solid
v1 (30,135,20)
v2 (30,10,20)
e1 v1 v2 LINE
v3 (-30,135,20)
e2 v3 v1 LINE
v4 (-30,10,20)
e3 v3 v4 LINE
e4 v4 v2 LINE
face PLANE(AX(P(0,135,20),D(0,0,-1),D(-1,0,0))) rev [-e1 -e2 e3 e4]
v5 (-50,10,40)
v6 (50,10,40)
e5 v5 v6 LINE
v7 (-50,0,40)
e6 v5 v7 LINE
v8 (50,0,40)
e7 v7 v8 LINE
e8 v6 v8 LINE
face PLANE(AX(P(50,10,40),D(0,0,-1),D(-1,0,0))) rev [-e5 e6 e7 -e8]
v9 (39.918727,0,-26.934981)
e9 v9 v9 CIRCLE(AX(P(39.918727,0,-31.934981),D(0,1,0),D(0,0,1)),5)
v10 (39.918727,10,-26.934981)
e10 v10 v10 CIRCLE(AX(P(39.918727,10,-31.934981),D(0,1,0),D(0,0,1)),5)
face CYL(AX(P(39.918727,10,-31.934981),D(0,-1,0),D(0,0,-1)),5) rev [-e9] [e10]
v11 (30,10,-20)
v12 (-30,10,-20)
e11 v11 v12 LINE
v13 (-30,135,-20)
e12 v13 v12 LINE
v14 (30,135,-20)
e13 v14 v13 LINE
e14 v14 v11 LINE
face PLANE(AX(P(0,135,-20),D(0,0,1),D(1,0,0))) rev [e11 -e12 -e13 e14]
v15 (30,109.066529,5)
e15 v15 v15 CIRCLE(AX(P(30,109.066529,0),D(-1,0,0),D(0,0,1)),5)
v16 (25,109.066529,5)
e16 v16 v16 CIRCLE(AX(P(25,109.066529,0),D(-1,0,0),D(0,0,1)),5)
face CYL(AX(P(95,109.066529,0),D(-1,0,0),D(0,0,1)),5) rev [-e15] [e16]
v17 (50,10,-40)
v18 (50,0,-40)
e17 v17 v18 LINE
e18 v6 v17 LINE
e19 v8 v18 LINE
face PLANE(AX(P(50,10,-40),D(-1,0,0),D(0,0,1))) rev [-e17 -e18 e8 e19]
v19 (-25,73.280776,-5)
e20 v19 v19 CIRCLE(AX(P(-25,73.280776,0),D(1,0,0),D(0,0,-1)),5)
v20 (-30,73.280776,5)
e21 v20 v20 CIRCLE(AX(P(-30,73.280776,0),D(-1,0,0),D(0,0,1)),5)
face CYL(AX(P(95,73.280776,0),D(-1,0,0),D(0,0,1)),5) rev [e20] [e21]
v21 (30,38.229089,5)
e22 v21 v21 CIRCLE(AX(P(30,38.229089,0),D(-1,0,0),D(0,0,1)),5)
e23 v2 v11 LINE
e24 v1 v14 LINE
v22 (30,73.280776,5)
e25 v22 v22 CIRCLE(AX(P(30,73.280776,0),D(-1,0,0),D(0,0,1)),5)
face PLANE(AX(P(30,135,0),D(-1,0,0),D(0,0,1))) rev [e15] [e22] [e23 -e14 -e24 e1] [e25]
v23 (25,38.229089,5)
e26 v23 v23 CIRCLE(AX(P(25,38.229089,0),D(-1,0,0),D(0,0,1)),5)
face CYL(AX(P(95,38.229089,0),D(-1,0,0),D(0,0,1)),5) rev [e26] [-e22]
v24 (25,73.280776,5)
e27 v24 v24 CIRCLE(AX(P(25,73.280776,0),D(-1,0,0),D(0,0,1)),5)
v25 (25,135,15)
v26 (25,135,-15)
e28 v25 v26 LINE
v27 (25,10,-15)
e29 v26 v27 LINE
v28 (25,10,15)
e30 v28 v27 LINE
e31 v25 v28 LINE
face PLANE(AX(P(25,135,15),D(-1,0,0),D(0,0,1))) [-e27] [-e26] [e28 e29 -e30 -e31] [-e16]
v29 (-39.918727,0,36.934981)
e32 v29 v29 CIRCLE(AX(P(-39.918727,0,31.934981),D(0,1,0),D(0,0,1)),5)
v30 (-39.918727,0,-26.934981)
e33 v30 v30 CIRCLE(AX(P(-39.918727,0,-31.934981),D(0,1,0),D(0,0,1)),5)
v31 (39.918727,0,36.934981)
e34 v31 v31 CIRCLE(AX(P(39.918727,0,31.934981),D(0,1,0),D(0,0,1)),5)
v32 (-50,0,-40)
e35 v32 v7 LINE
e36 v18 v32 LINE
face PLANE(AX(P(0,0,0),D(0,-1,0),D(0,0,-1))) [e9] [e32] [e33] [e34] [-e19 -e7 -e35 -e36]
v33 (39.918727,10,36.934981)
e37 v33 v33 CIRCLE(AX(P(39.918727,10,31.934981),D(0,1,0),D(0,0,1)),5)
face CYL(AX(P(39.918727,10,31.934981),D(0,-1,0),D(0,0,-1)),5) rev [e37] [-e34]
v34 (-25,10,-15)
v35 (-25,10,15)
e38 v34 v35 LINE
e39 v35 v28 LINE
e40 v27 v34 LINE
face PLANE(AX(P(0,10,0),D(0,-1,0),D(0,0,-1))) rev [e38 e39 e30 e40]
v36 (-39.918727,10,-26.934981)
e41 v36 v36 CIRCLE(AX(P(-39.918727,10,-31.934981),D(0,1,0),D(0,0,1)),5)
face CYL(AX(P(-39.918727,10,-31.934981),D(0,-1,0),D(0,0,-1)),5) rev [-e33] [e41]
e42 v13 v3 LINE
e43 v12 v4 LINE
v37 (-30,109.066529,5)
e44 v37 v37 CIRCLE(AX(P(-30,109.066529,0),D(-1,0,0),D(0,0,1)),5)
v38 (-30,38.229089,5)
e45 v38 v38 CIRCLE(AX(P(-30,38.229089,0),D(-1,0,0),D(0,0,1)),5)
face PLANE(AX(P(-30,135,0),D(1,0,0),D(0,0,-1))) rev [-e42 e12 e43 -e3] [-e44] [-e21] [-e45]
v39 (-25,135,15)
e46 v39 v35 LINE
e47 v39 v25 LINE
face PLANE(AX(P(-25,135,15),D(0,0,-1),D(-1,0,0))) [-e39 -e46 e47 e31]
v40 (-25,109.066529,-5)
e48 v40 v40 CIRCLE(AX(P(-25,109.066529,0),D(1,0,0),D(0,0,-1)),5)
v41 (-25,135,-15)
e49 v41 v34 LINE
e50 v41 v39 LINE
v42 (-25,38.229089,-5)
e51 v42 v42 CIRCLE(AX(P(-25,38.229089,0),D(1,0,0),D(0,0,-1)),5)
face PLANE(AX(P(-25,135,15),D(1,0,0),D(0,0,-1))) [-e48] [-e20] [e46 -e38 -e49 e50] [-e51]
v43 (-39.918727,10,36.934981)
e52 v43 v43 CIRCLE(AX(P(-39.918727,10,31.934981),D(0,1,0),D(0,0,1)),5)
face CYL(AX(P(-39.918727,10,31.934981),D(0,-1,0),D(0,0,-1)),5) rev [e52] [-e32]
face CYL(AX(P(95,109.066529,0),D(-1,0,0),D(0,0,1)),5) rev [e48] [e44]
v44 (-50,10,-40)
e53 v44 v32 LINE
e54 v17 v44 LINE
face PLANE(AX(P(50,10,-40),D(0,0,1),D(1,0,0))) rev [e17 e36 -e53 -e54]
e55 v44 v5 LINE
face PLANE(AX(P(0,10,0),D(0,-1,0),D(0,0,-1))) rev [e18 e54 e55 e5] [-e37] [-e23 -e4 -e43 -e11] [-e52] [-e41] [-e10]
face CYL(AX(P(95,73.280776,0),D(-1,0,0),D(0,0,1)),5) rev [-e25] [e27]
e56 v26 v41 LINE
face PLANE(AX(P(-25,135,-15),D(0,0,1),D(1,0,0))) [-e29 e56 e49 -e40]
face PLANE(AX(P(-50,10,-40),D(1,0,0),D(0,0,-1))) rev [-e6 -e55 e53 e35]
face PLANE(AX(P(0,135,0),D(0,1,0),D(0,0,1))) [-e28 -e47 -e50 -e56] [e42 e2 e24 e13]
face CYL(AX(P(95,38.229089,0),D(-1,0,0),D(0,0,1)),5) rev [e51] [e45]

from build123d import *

# Parameters (mm, degrees)
SZKIC1_W                          = 100
SZKIC1_H                          = 80
SZKIC1_R                          = 5
DODANIE_WYCI_GNI_CIE1_DEPTH       = 10
SZKIC2_W                          = 60
SZKIC2_H                          = 40
SZKIC2_W_2                        = 50
SZKIC2_H_2                        = 30
WYCI_GNI_CIE_CIENKA_CIANKA1_DEPTH = 125
SZKIC3_R                          = 5
WYTNIJ_WYCI_GNI_CIE1_DEPTH        = 125


with BuildPart() as part:
    # Szkic1 → Dodanie-wyciągnięcie1 (new body)
    with BuildSketch(Plane(origin=(0, 0, 0), x_dir=(1, 0, 0), z_dir=(0, 1, 0))):
        Rectangle(SZKIC1_W, SZKIC1_H)
        with Locations((-39.918726622, 31.934981298)):
            Circle(SZKIC1_R, mode=Mode.SUBTRACT)
        with Locations((39.918726622, 31.934981298)):
            Circle(SZKIC1_R, mode=Mode.SUBTRACT)
        with Locations((39.918726622, -31.934981298)):
            Circle(SZKIC1_R, mode=Mode.SUBTRACT)
        with Locations((-39.918726622, -31.934981298)):
            Circle(SZKIC1_R, mode=Mode.SUBTRACT)
    extrude(amount=DODANIE_WYCI_GNI_CIE1_DEPTH)

    # Szkic2 → Wyciągnięcie-cienka ścianka1 (add)
    with BuildSketch(Plane(origin=(0, 10, 0), x_dir=(1, 0, 0), z_dir=(0, 1, 0))):
        Rectangle(SZKIC2_W, SZKIC2_H)
        Rectangle(SZKIC2_W_2, SZKIC2_H_2, mode=Mode.SUBTRACT)
    extrude(amount=WYCI_GNI_CIE_CIENKA_CIANKA1_DEPTH)

    # Szkic3 → Wytnij-wyciągnięcie1 (cut)
    with BuildSketch(Plane.ZY.offset(30)):
        with Locations((0, 38.229088524)):
            Circle(SZKIC3_R)
        with Locations((0, 73.280775621)):
            Circle(SZKIC3_R)
        with Locations((0, 109.066529463)):
            Circle(SZKIC3_R)
    extrude(amount=-WYTNIJ_WYCI_GNI_CIE1_DEPTH, mode=Mode.SUBTRACT)


solid = part.part
